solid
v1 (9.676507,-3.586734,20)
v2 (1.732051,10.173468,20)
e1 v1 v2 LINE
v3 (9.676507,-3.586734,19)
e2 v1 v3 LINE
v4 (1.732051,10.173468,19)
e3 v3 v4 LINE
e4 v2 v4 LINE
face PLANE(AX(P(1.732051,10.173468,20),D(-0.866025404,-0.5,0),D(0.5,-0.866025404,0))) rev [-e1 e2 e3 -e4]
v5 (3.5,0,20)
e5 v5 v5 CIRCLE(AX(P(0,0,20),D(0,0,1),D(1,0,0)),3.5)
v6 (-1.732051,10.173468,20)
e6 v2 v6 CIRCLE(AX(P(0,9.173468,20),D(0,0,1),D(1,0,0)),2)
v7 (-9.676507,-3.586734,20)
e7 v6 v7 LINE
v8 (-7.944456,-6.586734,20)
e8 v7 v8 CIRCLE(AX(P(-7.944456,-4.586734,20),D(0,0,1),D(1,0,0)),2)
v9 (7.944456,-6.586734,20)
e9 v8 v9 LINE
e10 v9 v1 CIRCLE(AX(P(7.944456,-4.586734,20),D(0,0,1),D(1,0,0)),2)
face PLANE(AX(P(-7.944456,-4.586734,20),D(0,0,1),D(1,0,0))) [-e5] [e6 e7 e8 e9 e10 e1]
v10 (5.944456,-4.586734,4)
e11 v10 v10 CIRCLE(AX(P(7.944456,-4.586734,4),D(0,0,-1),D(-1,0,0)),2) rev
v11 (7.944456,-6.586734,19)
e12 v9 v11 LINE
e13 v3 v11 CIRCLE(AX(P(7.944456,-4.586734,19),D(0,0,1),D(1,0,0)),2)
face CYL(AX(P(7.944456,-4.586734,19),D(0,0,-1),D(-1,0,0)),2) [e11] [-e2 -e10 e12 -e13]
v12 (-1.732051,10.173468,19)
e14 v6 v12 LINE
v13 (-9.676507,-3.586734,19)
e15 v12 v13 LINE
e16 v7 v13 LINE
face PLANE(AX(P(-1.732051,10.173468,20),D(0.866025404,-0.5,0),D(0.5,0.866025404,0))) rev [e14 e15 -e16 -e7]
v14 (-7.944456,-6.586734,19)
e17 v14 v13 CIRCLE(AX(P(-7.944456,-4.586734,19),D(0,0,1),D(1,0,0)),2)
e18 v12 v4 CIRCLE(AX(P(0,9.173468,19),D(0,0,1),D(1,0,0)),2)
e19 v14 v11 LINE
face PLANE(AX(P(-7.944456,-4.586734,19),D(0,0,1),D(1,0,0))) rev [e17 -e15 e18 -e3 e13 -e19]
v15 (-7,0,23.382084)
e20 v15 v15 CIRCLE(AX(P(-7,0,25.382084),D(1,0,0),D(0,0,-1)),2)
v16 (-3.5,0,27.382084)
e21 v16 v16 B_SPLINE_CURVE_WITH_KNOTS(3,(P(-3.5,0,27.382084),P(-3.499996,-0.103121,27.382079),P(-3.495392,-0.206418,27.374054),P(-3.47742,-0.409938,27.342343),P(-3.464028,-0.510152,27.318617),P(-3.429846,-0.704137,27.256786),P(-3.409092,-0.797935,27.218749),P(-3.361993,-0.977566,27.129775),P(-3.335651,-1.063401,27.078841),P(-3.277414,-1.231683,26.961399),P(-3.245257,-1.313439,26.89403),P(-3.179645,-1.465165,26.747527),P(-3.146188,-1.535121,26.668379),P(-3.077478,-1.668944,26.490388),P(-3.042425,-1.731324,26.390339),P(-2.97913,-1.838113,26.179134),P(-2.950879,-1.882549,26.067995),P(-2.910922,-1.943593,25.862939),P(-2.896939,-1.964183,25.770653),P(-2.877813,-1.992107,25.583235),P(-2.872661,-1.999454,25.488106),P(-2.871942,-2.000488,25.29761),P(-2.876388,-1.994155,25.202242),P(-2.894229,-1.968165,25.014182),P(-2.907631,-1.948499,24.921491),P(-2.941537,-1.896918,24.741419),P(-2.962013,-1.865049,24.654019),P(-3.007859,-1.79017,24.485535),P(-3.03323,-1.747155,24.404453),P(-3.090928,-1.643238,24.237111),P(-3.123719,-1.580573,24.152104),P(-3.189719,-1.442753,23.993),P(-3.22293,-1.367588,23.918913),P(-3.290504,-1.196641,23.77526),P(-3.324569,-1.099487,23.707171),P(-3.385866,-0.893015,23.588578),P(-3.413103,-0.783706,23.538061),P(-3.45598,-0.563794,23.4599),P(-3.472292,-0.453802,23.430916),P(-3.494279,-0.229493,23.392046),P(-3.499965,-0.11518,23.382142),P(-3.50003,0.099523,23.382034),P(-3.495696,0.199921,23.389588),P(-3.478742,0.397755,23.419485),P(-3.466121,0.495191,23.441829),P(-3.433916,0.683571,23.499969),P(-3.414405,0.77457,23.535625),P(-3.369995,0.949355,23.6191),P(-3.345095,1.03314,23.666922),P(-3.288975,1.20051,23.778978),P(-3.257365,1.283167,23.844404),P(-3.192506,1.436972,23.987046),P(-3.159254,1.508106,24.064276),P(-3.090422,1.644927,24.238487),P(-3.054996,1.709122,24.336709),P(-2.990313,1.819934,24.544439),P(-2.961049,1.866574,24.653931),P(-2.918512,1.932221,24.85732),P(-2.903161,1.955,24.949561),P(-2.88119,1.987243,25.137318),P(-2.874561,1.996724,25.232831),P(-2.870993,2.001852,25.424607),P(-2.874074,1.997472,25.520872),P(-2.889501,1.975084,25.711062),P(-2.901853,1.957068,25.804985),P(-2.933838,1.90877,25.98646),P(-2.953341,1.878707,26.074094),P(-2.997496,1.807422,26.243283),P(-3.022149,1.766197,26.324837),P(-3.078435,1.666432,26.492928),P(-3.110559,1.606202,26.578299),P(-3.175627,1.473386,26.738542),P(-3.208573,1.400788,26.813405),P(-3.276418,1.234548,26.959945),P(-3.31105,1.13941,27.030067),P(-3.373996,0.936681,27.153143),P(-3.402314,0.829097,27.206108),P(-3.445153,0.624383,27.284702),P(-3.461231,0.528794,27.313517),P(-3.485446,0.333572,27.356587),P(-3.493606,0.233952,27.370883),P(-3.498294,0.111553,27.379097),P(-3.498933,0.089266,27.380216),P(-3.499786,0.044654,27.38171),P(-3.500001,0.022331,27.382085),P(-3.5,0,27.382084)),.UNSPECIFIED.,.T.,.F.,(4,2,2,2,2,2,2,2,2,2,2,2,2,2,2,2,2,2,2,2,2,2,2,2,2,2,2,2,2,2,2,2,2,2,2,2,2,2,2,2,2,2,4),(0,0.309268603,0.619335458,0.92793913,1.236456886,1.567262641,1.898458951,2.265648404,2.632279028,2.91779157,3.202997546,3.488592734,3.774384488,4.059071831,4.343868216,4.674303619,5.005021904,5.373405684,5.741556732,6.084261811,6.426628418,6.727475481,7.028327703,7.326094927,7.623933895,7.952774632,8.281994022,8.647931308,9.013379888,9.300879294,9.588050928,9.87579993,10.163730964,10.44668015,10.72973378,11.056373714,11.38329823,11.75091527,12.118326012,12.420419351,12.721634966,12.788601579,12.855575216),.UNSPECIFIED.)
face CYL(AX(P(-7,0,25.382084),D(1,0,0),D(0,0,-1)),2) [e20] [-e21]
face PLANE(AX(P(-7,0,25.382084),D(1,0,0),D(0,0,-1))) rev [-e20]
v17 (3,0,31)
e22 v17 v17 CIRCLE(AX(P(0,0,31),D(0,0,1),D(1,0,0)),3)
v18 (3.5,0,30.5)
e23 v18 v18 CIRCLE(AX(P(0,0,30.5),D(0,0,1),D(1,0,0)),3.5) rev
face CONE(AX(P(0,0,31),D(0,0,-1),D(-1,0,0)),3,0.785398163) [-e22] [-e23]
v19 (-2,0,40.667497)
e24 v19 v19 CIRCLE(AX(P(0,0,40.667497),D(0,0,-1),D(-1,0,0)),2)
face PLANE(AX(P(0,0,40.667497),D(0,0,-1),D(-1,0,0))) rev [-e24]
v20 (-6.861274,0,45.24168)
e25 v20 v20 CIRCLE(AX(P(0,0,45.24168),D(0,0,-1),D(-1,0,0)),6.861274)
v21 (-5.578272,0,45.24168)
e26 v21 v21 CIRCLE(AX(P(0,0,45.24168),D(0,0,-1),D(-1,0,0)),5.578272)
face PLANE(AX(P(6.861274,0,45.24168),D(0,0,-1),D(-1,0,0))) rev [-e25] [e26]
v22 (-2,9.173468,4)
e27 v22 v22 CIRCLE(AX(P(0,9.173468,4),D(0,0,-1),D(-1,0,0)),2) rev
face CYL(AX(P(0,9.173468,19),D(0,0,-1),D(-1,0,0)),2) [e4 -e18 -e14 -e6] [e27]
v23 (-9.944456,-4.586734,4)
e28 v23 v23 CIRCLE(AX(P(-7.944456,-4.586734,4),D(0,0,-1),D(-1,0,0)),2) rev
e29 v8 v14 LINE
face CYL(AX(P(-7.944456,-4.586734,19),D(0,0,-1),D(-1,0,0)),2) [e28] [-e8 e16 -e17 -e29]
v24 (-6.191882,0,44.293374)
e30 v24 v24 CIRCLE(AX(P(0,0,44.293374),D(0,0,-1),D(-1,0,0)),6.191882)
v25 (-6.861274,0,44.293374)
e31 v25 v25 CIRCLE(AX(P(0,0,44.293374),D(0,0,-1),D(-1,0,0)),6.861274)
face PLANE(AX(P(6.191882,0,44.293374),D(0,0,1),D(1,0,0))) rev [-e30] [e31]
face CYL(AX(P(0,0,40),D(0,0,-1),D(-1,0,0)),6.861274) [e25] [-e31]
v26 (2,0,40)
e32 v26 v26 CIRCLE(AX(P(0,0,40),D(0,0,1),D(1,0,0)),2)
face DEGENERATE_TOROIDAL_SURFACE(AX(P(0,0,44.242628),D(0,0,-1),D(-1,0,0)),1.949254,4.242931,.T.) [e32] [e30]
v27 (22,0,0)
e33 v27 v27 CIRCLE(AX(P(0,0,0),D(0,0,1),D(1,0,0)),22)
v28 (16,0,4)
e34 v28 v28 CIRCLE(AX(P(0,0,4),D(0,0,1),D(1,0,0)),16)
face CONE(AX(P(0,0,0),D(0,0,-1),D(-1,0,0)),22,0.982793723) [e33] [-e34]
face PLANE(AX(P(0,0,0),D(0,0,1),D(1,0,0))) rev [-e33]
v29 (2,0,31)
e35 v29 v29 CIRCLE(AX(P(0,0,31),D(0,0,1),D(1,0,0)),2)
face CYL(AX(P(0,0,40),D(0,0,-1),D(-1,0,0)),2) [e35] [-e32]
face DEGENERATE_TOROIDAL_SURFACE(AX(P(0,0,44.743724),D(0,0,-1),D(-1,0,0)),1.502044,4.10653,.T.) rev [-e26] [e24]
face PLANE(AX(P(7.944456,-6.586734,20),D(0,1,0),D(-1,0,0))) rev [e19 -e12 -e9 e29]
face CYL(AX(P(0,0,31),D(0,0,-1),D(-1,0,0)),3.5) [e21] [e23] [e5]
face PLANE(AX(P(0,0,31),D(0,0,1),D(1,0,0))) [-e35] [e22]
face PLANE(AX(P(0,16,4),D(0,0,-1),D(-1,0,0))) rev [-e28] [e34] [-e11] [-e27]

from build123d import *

# Parameters (mm, degrees)
SKETCH3_R           = 2
BOSS_EXTRUDE1_DEPTH = 15
BOSS_EXTRUDE2_DEPTH = 1
SKETCH6_R           = 3.5
BOSS_EXTRUDE3_DEPTH = 11
SKETCH7_R           = 2
BOSS_EXTRUDE4_DEPTH = 9
CHAMFER2_SIZE       = 0.5
SKETCH9_R           = 2
BOSS_EXTRUDE5_DEPTH = 7


with BuildPart() as part:
    # Sketch2 → Revolve1 (revolve)
    with BuildSketch(Plane(origin=(0, 0, 0), x_dir=(0, 0, -1), z_dir=(1, 0, 0)), mode=Mode.PRIVATE) as revolve1_sk:
        Polygon((0, 0), (0, 22), (-4, 16), (-4, 0), align=None)
    revolve(revolve1_sk.sketch.rotate(Axis((0, 0, 4), (0, 0, -1)), 90), axis=Axis((0, 0, 4), (0, 0, -1)))

    # Sketch3 → Boss-Extrude1 (add)
    with BuildSketch(Plane.XY.offset(4)):
        with Locations(Location((7.94445625, -4.586733955, 0), (0, 0, 180))):
            Circle(SKETCH3_R)
        with Locations(Location((-7.94445625, -4.586733955, 0), (0, 0, 180))):
            Circle(SKETCH3_R)
        with Locations(Location((0, 9.173467909, 0), (0, 0, 180))):
            Circle(SKETCH3_R)
    extrude(amount=BOSS_EXTRUDE1_DEPTH)

    # Sketch4 → Boss-Extrude2 (add)
    with BuildSketch(Plane.XY.offset(19)):
        with BuildLine():
            Line((1.732050808, 10.173467909), (9.676507058, -3.586733955))
            ThreePointArc((9.676507058, -3.586733955), (9.676507058, -5.586733955), (7.94445625, -6.586733955))
            Line((7.94445625, -6.586733955), (-7.94445625, -6.586733955))
            ThreePointArc((-7.94445625, -6.586733955), (-9.676507058, -5.586733955), (-9.676507058, -3.586733955))
            Line((-9.676507058, -3.586733955), (-1.732050808, 10.173467909))
            ThreePointArc((-1.732050808, 10.173467909), (0, 11.173467909), (1.732050808, 10.173467909))
        make_face()
    extrude(amount=BOSS_EXTRUDE2_DEPTH)

    # Sketch6 → Boss-Extrude3 (add)
    with BuildSketch(Plane.XY.offset(20)):
        Circle(SKETCH6_R)
    extrude(amount=BOSS_EXTRUDE3_DEPTH)

    # Sketch7 → Boss-Extrude4 (add)
    with BuildSketch(Plane.XY.offset(31)):
        Circle(SKETCH7_R)
    extrude(amount=BOSS_EXTRUDE4_DEPTH)

    # Chamfer2
    chamfer2_edges = [part.edges().sort_by_distance(p)[0] for p in [
        (-3.5, 0, 31),
    ]]
    chamfer(chamfer2_edges, length=CHAMFER2_SIZE)

    # Sketch8 → Revolve2 (revolve)
    with BuildSketch(Plane(origin=(0, 0, 0), x_dir=(1, 0, 0), z_dir=(0, 1, 0)), mode=Mode.PRIVATE) as revolve2_sk:
        with BuildLine():
            Line((0, -40), (2, -40))
            ThreePointArc((2, -40), (4.985127596, -41.278519641), (6.191881653, -44.293373514))
            Line((6.191881653, -44.293373514), (6.861274265, -44.293373514))
            Line((6.861274265, -44.293373514), (6.861274265, -45.241679714))
            Line((6.861274265, -45.241679714), (5.57827176, -45.241679714))
            ThreePointArc((5.57827176, -45.241679714), (4.736480165, -42.213503946), (2, -40.66749687))
            Line((2, -40.66749687), (0, -40.66749687))
            Line((0, -40.66749687), (0, -40))
        make_face()
    revolve(revolve2_sk.sketch.rotate(Axis((0, 0, 40), (0, 0, 1)), 180), axis=Axis((0, 0, 40), (0, 0, 1)))

    # Sketch9 → Boss-Extrude5 (add)
    with BuildSketch(Plane(origin=(0, 0, 0), x_dir=(0, 0, -1), z_dir=(1, 0, 0))):
        with Locations((-25.382084378, 0)):
            Circle(SKETCH9_R)
    extrude(amount=-BOSS_EXTRUDE5_DEPTH)


solid = part.part
